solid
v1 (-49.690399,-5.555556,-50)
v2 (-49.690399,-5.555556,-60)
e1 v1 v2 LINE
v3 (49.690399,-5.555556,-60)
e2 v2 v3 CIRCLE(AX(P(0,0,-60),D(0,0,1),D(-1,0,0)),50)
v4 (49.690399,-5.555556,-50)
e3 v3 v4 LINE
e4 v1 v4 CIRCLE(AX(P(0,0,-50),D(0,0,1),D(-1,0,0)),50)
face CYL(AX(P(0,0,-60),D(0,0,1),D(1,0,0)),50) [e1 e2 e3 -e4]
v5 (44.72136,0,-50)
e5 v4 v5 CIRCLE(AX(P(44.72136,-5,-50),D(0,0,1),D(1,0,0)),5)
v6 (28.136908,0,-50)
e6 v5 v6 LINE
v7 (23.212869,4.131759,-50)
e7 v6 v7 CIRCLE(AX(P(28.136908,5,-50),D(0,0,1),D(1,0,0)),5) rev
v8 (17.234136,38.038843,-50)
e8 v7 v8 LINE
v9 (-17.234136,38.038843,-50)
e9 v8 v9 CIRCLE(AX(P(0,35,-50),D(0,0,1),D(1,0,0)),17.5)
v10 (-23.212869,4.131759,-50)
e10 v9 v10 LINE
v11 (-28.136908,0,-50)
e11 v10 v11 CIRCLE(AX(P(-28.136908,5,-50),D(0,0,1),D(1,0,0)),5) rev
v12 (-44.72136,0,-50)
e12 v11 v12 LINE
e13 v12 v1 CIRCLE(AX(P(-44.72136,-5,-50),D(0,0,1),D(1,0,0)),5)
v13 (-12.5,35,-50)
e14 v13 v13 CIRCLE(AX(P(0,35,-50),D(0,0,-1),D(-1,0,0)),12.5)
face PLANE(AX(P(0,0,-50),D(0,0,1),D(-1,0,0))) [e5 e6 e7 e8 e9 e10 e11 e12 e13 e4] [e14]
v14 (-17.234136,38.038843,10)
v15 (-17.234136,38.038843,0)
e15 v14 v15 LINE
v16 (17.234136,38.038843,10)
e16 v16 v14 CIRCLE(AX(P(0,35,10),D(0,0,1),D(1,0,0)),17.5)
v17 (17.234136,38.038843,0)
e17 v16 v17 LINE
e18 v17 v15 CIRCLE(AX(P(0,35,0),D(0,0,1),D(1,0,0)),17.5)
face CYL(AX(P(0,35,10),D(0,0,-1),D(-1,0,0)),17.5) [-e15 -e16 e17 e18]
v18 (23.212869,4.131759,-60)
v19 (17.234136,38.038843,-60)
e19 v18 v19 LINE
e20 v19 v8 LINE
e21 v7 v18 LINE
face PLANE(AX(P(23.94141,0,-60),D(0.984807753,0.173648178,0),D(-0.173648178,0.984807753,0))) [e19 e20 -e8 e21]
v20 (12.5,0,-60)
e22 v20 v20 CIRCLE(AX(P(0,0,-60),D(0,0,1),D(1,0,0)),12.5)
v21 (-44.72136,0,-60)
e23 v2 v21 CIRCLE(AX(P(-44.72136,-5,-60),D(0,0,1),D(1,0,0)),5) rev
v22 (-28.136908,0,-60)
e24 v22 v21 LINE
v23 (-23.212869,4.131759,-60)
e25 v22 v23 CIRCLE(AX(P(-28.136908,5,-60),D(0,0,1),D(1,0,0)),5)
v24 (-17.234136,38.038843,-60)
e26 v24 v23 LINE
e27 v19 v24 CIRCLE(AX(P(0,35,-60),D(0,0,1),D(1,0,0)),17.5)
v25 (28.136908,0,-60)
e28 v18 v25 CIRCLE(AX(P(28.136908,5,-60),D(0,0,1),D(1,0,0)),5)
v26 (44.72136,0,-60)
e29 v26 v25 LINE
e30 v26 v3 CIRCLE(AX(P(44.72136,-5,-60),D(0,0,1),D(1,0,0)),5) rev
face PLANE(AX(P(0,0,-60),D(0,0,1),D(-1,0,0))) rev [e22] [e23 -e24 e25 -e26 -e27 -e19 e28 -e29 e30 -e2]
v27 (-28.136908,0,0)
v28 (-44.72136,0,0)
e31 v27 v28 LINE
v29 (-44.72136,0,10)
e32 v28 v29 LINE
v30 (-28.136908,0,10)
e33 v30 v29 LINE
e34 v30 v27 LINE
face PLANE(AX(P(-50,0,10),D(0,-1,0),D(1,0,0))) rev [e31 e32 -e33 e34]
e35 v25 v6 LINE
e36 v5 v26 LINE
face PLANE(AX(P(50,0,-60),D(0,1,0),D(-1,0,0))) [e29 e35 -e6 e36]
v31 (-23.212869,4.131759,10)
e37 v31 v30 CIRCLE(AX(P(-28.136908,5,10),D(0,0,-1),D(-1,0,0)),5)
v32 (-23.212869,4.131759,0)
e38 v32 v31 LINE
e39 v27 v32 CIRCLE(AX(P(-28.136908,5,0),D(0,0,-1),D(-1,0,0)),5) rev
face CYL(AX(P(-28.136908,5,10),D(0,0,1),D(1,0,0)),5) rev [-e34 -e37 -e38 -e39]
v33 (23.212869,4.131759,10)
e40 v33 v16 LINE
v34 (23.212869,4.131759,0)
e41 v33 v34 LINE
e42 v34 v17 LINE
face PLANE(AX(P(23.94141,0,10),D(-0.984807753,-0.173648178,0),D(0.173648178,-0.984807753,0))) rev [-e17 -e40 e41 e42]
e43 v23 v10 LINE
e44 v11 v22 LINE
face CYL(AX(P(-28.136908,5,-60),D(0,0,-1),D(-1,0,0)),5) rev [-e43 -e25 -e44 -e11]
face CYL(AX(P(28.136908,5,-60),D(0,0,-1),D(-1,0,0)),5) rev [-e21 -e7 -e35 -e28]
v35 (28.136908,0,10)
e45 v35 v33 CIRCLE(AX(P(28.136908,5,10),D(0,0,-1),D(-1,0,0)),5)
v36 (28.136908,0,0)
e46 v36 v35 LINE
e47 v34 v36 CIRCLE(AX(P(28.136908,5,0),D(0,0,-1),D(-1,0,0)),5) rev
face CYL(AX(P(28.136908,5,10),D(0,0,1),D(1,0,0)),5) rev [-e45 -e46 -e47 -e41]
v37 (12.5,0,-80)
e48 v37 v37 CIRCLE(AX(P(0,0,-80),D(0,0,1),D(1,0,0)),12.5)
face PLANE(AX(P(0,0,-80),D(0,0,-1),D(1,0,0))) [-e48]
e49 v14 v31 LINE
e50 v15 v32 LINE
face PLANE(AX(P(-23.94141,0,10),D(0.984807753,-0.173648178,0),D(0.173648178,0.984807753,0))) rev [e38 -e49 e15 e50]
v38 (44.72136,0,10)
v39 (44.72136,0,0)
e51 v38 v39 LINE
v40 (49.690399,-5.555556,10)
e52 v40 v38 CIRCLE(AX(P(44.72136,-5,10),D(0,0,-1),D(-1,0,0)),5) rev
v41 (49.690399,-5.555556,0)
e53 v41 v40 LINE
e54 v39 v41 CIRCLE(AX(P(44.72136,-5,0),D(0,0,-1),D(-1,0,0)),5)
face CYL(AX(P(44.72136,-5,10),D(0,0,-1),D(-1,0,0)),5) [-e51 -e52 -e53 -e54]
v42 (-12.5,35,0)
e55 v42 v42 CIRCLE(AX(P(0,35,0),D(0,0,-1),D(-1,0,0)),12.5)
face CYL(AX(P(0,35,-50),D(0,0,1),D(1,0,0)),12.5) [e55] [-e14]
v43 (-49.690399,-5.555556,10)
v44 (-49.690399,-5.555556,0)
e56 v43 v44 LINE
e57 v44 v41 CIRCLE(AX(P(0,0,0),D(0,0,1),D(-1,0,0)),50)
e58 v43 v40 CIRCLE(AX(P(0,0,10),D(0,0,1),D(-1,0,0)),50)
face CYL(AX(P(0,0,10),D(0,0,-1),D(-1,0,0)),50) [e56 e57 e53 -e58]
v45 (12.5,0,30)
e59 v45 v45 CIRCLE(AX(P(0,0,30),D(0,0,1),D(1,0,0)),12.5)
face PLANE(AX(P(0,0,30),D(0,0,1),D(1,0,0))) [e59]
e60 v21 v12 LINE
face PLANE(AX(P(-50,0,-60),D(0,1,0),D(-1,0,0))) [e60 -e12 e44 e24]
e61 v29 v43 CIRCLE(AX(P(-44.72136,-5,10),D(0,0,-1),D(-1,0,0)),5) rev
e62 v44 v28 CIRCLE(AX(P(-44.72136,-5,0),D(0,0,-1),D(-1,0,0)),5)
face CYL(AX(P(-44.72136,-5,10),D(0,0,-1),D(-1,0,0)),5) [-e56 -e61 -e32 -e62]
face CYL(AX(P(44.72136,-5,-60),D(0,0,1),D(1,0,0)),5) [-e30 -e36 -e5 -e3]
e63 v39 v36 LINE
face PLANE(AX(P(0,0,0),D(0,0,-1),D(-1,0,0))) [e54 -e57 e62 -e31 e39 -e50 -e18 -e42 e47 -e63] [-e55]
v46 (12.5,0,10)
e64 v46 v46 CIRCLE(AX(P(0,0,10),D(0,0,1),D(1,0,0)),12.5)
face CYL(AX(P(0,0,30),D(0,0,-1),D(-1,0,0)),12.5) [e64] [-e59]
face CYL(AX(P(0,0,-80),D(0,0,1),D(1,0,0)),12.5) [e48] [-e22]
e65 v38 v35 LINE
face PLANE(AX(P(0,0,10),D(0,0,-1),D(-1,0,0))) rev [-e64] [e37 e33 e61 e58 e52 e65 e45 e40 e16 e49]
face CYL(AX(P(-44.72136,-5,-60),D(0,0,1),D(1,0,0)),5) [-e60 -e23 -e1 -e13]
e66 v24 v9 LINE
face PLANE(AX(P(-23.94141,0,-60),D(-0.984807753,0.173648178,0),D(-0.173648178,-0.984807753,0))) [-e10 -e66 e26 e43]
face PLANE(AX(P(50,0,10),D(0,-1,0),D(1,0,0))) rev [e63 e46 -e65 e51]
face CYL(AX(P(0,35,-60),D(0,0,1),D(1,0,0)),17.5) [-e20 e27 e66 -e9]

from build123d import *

# Parameters (mm, degrees)
SKETCH1_R            = 12.5
BOSS_EXTRUDE1_DEPTH  = 10
FILLET1_R            = 5
SKETCH1_2_R          = 12.5
BOSS_EXTRUDE2_DEPTH  = 30
SKETCH2_R            = 12.5
BOSS_EXTRUDE3_DEPTH  = 50
FILLET1_OF_MIRROR1_R = 5


with BuildPart() as part:
    # Sketch1 → Boss-Extrude1 (new body)
    with BuildSketch(Plane.XY):
        with BuildLine():
            Line((-50, 0), (-23.941410033, 0))
            Line((-23.941410033, 0), (-17.234135678, 38.038843109))
            ThreePointArc((-17.234135678, 38.038843109), (0, 52.5), (17.234135678, 38.038843109))
            Line((17.234135678, 38.038843109), (23.941410033, 0))
            Line((23.941410033, 0), (50, 0))
            ThreePointArc((50, 0), (0, -50), (-50, 0))
        make_face()
        Circle(SKETCH1_R, mode=Mode.SUBTRACT)
    boss_extrude1 = extrude(amount=BOSS_EXTRUDE1_DEPTH)

    # Fillet1
    fillet1_edges = [part.edges().sort_by_distance(p)[0] for p in [
        (-50, 0, 5),
        (-23.941410033, 0, 5),
        (23.941410033, 0, 5),
        (50, 0, 5),
    ]]
    fillet(fillet1_edges, radius=FILLET1_R)

    # Sketch1<2> → Boss-Extrude2 (add)
    with BuildSketch(Plane.XY):
        Circle(SKETCH1_2_R)
    boss_extrude2 = extrude(amount=BOSS_EXTRUDE2_DEPTH)

    # Sketch2 → Boss-Extrude3 (add)
    with BuildSketch(Plane(origin=(0, 0, 0), x_dir=(-1, 0, 0), z_dir=(0, 0, -1))):
        with Locations((0, 35)):
            Circle(SKETCH2_R)
    extrude(amount=BOSS_EXTRUDE3_DEPTH)

    # Mirror1: Boss-Extrude1, Boss-Extrude2 across plane
    add(boss_extrude1.mirror(Plane(origin=(0, 0, -25), x_dir=(1, 0, 0), z_dir=(0, 0, -1))))
    add(boss_extrude2.mirror(Plane(origin=(0, 0, -25), x_dir=(1, 0, 0), z_dir=(0, 0, -1))))

    # Fillet1 of Mirror1
    fillet1_of_mirror1_edges = [part.edges().sort_by_distance(p)[0] for p in [
        (-50, 0, -55),
        (-23.941410033, 0, -55),
        (23.941410033, 0, -55),
        (50, 0, -55),
    ]]
    fillet(fillet1_of_mirror1_edges, radius=FILLET1_OF_MIRROR1_R)


solid = part.part
